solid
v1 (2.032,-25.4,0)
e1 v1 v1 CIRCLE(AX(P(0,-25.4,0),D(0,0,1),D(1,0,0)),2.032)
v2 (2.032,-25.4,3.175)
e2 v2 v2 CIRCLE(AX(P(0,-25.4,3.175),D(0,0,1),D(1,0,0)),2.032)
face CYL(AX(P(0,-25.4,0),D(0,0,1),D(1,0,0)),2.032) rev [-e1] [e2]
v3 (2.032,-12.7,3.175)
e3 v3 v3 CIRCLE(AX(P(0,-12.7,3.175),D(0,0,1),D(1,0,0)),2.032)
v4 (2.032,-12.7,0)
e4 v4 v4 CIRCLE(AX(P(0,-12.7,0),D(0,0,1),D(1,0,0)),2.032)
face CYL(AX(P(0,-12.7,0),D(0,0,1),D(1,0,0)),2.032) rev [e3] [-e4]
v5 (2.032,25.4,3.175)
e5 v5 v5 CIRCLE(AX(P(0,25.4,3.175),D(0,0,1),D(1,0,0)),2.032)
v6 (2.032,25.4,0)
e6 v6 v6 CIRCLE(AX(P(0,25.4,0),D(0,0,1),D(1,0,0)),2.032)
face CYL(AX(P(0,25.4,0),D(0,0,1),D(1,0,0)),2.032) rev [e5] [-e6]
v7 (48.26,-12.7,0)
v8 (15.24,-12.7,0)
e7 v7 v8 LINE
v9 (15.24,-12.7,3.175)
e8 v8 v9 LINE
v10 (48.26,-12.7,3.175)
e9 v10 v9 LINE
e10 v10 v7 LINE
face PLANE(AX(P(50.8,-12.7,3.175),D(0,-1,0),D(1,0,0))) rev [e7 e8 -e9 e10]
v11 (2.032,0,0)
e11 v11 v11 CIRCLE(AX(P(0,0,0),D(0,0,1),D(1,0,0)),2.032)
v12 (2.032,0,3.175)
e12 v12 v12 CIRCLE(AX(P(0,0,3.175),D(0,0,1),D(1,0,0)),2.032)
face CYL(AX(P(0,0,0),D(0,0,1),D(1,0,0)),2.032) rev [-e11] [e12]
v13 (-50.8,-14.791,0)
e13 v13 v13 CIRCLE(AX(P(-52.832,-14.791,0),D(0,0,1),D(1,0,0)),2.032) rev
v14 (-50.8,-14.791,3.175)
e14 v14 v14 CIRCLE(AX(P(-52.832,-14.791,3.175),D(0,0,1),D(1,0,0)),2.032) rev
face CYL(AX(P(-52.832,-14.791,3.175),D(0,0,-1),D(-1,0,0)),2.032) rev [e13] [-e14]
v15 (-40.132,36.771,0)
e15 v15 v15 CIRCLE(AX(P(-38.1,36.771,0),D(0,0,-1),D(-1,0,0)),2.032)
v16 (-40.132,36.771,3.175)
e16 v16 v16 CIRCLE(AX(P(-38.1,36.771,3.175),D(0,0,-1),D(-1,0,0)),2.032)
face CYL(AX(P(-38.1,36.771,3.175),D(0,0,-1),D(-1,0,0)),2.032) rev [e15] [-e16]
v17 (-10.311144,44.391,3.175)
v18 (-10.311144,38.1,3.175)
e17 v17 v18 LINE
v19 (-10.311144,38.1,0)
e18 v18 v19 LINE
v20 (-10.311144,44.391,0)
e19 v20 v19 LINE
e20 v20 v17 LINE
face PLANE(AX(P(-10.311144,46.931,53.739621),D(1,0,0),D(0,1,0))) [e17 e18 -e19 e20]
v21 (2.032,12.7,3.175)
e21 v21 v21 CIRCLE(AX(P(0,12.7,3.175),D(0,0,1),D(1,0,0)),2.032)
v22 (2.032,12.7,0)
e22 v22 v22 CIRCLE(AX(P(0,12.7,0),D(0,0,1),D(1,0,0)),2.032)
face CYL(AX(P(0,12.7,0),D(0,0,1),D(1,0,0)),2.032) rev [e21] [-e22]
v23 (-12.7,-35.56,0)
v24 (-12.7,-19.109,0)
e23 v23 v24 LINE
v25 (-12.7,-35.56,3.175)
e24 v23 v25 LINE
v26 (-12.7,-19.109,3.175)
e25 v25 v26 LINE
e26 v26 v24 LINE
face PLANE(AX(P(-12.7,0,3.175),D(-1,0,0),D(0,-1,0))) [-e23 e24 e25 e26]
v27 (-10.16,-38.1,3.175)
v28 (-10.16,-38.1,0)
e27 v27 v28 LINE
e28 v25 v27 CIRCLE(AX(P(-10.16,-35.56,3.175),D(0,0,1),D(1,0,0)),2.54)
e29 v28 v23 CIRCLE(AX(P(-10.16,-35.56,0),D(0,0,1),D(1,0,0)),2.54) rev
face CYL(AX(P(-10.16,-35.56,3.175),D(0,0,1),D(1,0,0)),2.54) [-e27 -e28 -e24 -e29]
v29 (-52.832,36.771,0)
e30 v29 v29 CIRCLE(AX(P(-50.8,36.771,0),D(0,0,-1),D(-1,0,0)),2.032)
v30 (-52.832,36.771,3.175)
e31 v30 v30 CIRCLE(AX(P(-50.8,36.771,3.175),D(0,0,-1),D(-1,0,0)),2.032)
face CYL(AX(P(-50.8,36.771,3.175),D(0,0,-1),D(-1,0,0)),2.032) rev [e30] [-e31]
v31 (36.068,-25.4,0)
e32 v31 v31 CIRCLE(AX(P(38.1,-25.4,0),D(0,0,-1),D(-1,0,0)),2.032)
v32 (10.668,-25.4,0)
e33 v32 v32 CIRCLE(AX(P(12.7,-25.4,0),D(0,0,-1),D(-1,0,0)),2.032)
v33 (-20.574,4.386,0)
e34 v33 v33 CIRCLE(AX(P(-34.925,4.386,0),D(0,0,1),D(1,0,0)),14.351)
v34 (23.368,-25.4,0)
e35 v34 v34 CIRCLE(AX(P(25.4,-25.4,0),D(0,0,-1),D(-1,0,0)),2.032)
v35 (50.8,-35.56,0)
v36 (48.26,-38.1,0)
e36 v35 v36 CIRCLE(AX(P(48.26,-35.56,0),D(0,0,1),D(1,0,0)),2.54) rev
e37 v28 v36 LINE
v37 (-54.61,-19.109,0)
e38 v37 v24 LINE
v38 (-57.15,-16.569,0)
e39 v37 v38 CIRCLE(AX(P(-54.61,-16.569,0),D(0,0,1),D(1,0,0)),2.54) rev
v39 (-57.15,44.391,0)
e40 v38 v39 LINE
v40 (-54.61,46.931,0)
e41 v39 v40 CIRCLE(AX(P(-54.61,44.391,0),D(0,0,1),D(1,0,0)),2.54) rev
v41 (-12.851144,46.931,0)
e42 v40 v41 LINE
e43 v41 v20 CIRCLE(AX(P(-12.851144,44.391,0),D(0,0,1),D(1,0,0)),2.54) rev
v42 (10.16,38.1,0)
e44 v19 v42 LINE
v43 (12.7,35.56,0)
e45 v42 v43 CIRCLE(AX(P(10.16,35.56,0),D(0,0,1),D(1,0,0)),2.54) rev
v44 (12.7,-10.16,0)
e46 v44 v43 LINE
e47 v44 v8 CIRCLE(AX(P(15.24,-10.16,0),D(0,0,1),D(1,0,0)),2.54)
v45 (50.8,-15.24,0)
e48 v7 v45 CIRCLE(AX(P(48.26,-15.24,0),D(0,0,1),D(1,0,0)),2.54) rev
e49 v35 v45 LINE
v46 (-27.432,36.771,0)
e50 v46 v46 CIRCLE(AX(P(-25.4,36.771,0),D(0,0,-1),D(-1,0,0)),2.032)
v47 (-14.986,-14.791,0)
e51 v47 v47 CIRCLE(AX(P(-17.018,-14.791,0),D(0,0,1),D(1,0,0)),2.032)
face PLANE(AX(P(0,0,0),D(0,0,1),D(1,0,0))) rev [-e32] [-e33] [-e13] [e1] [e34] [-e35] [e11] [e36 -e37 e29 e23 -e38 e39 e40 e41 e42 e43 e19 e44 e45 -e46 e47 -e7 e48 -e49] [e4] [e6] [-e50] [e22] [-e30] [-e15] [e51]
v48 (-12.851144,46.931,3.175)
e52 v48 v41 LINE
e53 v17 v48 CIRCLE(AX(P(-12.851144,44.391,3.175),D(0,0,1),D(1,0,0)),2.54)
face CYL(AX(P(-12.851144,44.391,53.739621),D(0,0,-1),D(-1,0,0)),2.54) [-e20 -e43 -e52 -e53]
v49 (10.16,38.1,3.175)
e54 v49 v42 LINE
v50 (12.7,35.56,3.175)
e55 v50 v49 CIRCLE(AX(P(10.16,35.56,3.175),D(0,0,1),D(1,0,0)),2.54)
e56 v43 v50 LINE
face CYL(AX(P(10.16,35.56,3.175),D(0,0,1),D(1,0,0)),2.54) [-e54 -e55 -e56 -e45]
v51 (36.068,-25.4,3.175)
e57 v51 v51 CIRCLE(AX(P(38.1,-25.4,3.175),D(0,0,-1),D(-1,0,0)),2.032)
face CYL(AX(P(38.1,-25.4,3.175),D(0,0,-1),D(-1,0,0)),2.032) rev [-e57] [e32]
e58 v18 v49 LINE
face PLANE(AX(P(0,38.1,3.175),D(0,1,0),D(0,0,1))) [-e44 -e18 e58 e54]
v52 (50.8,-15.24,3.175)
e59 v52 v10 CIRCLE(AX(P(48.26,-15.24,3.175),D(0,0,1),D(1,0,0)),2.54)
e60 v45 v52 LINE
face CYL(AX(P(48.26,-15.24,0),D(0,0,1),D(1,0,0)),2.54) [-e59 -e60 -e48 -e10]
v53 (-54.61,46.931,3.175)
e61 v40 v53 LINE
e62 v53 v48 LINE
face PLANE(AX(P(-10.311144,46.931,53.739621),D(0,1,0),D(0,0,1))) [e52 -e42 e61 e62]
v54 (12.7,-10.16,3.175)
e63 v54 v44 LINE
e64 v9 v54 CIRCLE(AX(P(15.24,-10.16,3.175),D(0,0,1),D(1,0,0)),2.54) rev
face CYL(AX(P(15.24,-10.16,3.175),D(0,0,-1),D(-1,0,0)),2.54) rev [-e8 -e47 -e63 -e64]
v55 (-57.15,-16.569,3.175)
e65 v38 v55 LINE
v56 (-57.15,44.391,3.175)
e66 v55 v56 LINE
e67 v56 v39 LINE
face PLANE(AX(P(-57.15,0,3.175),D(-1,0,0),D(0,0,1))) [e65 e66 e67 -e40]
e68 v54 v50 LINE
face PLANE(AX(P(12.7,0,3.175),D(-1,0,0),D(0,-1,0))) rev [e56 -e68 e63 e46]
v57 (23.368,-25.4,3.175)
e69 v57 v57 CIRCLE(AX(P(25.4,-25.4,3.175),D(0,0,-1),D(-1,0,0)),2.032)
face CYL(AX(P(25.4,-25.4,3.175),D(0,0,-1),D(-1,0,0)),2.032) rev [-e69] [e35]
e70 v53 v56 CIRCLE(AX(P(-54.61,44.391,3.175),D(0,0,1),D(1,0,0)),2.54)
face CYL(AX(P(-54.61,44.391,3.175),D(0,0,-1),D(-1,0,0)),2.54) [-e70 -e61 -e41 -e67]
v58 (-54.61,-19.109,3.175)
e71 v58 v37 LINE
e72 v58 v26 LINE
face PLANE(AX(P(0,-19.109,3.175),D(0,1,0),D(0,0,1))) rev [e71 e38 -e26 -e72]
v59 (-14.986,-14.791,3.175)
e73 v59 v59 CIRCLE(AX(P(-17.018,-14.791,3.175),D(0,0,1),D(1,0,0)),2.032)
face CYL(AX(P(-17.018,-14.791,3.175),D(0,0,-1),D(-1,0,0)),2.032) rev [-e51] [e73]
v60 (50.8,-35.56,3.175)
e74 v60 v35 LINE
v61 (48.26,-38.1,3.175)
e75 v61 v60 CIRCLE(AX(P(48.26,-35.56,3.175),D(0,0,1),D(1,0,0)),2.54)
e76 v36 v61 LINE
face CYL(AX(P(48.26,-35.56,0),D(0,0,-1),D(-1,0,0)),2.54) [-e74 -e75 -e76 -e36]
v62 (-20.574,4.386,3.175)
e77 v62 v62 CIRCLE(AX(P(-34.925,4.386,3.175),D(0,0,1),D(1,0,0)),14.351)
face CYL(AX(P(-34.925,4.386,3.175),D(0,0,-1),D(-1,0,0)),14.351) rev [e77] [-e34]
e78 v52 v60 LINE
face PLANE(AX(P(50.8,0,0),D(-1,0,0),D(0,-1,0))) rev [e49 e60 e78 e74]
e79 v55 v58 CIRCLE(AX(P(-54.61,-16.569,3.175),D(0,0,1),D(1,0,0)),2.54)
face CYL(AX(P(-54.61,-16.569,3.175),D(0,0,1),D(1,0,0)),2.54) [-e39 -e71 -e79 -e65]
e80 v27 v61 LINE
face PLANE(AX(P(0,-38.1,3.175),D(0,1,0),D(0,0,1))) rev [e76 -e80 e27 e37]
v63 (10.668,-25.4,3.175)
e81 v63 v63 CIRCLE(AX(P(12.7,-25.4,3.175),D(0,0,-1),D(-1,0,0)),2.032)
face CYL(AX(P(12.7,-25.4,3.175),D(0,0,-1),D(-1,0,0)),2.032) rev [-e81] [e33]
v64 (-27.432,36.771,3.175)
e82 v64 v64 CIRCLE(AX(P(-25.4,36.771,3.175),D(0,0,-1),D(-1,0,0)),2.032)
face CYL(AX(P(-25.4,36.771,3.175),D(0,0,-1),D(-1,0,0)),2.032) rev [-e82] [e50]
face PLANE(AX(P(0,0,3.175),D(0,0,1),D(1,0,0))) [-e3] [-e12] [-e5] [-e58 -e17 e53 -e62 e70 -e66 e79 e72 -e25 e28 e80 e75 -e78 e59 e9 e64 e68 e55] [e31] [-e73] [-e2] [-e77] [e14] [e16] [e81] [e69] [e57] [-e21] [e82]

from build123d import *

# Parameters (mm, degrees)
SKETCH1_R           = 2.032
SKETCH1_R_2         = 14.351
SKETCH1_W           = 25.4
SKETCH1_H           = 76.2
BOSS_EXTRUDE1_DEPTH = 3.175
SKETCH2_R           = 2.032
CUT_EXTRUDE1_DEPTH  = 69.759094853
SKETCH4_W           = 3.175
SKETCH4_H           = 25.4
BOSS_EXTRUDE2_DEPTH = 38.1
SKETCH5_R           = 2.032
CUT_EXTRUDE2_DEPTH  = 69.759094853
FILLET5_R           = 2.54
SKETCH6_W           = 46.838855708
SKETCH6_H           = 19.05
BOSS_EXTRUDE3_DEPTH = 3.175
SKETCH7_R           = 2.032
CUT_EXTRUDE3_DEPTH  = 75.018388912
FILLET6_R           = 2.54


with BuildPart() as part:
    # Sketch1 → Boss-Extrude1 (new body)
    # profile 1 of 2: a face of its own
    with BuildSketch(Plane.XY):
        Polygon((-57.15, -19.108999882), (-12.7, -19.108999882), (-12.7, 24.638), (-12.7, 27.881000118), (-57.15, 27.881000118), align=None)
        with Locations((-52.832, -14.790999882)):
            Circle(SKETCH1_R, mode=Mode.SUBTRACT)
        with Locations((-17.018, -14.790999882)):
            Circle(SKETCH1_R, mode=Mode.SUBTRACT)
        with Locations((-34.925, 4.386000118)):
            Circle(SKETCH1_R_2, mode=Mode.SUBTRACT)
    # profile 2 of 2: a face of its own
    with BuildSketch(Plane.XY):
        Rectangle(SKETCH1_W, SKETCH1_H)
    extrude(amount=BOSS_EXTRUDE1_DEPTH)

    # Sketch2 → Cut-Extrude1 (cut, through all)
    with BuildSketch(Plane.XY.offset(3.175)):
        Circle(SKETCH2_R)
        with Locations((0, 12.7)):
            Circle(SKETCH2_R)
        with Locations((0, 25.4)):
            Circle(SKETCH2_R)
        with Locations((0, -12.7)):
            Circle(SKETCH2_R)
        with Locations((0, -25.4)):
            Circle(SKETCH2_R)
    extrude(amount=-CUT_EXTRUDE1_DEPTH, mode=Mode.SUBTRACT)

    # Sketch4 → Boss-Extrude2 (add)
    with BuildSketch(Plane(origin=(12.7, 0, 0), x_dir=(0, 0, -1), z_dir=(1, 0, 0))):
        with Locations((-1.5875, -25.4)):
            Rectangle(SKETCH4_W, SKETCH4_H)
    extrude(amount=BOSS_EXTRUDE2_DEPTH)

    # Sketch5 → Cut-Extrude2 (cut, through all)
    with BuildSketch(Plane(origin=(0, 0, 0), x_dir=(-1, 0, 0), z_dir=(0, 0, -1))):
        with Locations(Location((0, -25.4, 0), (0, 0, 180))):
            Circle(SKETCH5_R)
        with Locations((-12.7, -25.4)):
            Circle(SKETCH5_R)
        with Locations((-25.4, -25.4)):
            Circle(SKETCH5_R)
        with Locations((-38.1, -25.4)):
            Circle(SKETCH5_R)
    extrude(amount=-CUT_EXTRUDE2_DEPTH, mode=Mode.SUBTRACT)

    # Fillet5
    fillet5_edges = [part.edges().sort_by_distance(p)[0] for p in [
        (12.7, 38.1, 1.5875),
        (-12.7, -38.1, 1.5875),
        (-57.15, -19.108999882, 1.5875),
        (12.7, -12.7, 1.5875),
        (50.8, -38.1, 1.5875),
        (50.8, -12.7, 1.5875),
    ]]
    fillet(fillet5_edges, radius=FILLET5_R)

    # Sketch6 → Boss-Extrude3 (add)
    with BuildSketch(Plane(origin=(0, 0, 0), x_dir=(-1, 0, 0), z_dir=(0, 0, -1))):
        with Locations((33.730572146, 37.406000118)):
            Rectangle(SKETCH6_W, SKETCH6_H)
    extrude(amount=-BOSS_EXTRUDE3_DEPTH)

    # Sketch7 → Cut-Extrude3 (cut, through all)
    with BuildSketch(Plane(origin=(0, 0, 0), x_dir=(-1, 0, 0), z_dir=(0, 0, -1))):
        with Locations((25.4, 36.771000118)):
            Circle(SKETCH7_R)
        with Locations((38.1, 36.771000118)):
            Circle(SKETCH7_R)
        with Locations((50.8, 36.771000118)):
            Circle(SKETCH7_R)
    extrude(amount=-CUT_EXTRUDE3_DEPTH, mode=Mode.SUBTRACT)

    # Fillet6
    fillet6_edges = [part.edges().sort_by_distance(p)[0] for p in [
        (-10.311144292, 46.931000118, 1.5875),
        (-57.15, 46.931000118, 1.5875),
    ]]
    fillet(fillet6_edges, radius=FILLET6_R)


solid = part.part
